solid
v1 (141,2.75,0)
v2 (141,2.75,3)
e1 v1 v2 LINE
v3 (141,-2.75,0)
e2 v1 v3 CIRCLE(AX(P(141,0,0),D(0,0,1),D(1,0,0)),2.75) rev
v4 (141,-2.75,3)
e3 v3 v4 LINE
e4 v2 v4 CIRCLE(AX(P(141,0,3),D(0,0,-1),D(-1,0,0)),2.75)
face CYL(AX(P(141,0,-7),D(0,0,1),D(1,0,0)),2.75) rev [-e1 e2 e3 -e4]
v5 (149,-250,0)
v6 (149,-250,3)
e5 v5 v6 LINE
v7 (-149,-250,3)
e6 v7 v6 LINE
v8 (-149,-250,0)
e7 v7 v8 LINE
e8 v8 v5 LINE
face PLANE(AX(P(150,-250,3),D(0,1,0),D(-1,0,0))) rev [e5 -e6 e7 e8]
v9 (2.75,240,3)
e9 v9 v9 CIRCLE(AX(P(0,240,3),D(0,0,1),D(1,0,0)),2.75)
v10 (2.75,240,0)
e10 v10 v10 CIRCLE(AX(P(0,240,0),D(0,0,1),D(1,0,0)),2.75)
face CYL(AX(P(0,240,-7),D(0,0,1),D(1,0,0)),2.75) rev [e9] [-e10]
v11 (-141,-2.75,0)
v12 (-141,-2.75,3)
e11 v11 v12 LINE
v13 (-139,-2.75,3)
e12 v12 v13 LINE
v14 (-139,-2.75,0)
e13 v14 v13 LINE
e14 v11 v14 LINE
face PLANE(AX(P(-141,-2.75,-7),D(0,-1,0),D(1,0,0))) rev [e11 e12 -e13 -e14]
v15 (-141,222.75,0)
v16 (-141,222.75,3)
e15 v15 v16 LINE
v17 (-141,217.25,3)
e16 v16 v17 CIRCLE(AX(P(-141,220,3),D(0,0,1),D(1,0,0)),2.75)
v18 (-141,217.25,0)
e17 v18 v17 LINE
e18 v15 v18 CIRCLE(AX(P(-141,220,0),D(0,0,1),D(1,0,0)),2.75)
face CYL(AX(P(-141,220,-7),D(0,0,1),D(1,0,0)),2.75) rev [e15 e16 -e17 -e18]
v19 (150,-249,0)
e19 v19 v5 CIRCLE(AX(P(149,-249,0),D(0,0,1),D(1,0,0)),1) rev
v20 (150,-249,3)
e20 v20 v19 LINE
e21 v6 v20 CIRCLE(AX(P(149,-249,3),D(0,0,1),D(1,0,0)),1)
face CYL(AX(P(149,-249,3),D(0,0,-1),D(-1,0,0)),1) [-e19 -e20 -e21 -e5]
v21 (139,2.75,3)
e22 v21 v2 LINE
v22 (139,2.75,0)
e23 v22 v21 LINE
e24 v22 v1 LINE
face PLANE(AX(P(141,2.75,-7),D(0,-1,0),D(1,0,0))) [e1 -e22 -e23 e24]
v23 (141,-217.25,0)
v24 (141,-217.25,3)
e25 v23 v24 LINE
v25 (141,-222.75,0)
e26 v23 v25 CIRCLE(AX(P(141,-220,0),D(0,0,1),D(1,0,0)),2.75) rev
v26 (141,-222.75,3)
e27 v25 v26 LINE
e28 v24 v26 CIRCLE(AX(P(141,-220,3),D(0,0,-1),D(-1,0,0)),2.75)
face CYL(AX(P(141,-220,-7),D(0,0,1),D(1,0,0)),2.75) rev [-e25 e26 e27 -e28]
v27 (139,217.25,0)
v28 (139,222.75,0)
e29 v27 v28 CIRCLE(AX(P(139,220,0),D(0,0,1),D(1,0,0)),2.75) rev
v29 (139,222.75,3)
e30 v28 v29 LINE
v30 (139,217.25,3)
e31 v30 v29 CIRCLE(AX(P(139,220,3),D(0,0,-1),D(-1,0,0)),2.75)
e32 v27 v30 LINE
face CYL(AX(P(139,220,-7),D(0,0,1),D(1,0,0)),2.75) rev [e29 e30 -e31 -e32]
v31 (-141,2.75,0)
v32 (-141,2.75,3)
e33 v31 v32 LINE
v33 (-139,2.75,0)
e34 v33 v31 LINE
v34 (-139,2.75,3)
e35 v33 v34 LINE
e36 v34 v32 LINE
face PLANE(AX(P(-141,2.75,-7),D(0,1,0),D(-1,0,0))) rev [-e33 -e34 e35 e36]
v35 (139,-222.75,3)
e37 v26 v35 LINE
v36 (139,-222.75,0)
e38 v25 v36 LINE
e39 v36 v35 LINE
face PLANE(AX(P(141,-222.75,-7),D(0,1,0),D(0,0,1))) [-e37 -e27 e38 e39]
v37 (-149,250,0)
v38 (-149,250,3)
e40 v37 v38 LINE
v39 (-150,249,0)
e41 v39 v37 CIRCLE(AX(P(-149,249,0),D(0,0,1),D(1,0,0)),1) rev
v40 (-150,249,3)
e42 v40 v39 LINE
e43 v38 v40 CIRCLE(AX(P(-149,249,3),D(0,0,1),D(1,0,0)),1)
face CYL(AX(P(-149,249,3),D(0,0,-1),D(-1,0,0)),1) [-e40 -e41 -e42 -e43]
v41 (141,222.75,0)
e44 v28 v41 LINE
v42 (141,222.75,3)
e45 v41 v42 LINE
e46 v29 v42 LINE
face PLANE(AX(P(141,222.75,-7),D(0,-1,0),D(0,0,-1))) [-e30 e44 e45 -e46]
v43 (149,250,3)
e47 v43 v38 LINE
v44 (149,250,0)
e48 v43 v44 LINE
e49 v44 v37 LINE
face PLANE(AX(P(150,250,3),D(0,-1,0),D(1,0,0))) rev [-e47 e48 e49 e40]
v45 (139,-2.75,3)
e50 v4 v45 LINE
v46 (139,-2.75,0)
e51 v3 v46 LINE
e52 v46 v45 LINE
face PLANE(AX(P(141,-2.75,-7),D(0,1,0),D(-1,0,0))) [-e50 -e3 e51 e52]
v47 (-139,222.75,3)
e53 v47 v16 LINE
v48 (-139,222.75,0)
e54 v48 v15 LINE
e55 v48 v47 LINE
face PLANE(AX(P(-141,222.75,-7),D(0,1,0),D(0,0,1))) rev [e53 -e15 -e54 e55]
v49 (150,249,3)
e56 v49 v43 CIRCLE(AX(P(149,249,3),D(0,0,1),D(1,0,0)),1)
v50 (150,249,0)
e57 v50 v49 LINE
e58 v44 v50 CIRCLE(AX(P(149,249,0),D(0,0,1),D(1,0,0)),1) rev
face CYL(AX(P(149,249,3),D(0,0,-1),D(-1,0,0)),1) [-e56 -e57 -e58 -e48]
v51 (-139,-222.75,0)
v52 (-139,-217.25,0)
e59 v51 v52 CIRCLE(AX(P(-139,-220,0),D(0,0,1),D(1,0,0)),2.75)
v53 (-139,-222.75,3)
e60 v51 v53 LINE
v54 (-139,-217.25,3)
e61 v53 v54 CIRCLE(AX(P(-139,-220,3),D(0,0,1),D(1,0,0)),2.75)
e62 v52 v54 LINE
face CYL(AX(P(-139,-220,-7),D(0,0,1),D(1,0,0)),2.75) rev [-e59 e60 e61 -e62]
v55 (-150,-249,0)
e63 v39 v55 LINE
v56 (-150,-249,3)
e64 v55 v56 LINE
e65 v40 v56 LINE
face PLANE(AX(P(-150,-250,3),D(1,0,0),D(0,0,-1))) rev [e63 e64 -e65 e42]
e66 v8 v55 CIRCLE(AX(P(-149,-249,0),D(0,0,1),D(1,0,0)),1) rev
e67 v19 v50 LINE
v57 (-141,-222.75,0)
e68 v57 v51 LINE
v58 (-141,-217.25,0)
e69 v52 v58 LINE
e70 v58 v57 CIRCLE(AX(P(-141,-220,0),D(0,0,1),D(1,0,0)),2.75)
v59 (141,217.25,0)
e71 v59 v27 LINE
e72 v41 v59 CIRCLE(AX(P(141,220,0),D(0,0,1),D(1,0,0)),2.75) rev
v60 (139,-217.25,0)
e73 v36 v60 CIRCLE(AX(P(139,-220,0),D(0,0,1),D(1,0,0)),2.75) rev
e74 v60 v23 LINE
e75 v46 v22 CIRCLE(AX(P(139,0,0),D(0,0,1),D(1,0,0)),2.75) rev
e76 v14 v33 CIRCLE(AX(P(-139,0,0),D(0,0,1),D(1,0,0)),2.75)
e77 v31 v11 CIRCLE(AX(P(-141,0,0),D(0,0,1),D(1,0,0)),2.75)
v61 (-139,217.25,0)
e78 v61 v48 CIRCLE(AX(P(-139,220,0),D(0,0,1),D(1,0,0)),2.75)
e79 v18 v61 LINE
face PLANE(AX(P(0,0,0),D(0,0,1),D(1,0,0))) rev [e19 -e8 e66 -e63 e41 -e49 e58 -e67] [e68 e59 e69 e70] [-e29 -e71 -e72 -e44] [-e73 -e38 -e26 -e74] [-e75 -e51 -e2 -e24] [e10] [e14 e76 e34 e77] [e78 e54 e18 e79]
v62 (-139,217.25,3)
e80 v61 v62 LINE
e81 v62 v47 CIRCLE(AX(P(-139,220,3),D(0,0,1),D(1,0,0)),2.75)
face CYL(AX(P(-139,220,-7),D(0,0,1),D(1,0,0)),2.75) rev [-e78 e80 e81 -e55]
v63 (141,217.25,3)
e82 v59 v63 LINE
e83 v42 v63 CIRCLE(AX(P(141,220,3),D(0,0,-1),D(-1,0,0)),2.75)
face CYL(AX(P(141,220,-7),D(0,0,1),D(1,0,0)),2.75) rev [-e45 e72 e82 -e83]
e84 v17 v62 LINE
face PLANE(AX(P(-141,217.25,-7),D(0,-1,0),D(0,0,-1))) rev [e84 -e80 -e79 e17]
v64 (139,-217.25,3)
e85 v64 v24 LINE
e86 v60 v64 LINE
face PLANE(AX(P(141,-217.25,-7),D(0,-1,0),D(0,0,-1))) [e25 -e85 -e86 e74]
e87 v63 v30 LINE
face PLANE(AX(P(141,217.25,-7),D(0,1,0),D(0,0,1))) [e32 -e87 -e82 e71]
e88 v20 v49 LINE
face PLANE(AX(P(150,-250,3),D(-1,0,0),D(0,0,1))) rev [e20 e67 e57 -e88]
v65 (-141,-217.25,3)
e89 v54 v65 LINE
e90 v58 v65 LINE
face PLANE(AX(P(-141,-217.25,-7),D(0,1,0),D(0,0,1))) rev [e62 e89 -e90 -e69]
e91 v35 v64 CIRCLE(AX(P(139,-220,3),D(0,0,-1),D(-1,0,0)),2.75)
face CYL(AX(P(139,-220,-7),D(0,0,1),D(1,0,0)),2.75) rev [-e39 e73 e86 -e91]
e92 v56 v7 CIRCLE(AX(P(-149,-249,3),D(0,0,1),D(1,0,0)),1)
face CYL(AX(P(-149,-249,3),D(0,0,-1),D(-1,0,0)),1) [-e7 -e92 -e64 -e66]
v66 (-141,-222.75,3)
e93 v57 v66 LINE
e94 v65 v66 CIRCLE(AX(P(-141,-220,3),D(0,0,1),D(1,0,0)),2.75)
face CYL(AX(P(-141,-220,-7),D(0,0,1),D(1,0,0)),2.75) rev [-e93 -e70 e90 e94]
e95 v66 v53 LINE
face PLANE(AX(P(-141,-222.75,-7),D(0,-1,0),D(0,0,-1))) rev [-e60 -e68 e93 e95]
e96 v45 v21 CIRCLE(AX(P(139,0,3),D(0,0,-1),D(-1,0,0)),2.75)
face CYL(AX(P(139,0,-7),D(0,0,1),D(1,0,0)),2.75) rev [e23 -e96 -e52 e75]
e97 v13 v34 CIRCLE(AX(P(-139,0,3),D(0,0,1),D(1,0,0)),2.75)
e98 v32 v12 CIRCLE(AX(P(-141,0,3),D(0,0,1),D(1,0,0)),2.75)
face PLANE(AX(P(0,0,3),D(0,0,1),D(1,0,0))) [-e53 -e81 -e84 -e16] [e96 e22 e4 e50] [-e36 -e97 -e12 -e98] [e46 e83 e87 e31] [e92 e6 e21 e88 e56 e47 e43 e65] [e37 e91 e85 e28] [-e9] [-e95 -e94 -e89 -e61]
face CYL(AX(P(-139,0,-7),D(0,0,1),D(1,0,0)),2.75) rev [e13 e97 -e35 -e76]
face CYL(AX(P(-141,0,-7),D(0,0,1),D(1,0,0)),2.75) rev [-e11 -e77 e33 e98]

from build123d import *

# Parameters (mm, degrees)
SKETCH1_W           = 300
SKETCH1_H           = 500
BOSS_EXTRUDE1_DEPTH = 3
SKETCH2_R           = 2.75
CUT_EXTRUDE1_DEPTH  = 10
FILLET1_R           = 1


with BuildPart() as part:
    # Sketch1 → Boss-Extrude1 (new body)
    with BuildSketch(Plane.XY):
        Rectangle(SKETCH1_W, SKETCH1_H)
    extrude(amount=BOSS_EXTRUDE1_DEPTH)

    # Sketch2 → Cut-Extrude1 (cut)
    with BuildSketch(Plane.XY.offset(3)):
        with Locations((0, 240)):
            Circle(SKETCH2_R)
        with BuildLine():
            Line((-141, -217.25), (-139, -217.25))
            ThreePointArc((-139, -217.25), (-136.25, -220), (-139, -222.75))
            Line((-139, -222.75), (-141, -222.75))
            ThreePointArc((-141, -222.75), (-143.75, -220), (-141, -217.25))
        make_face()
        with BuildLine():
            Line((-141, 222.75), (-139, 222.75))
            ThreePointArc((-139, 222.75), (-136.25, 220), (-139, 217.25))
            Line((-139, 217.25), (-141, 217.25))
            ThreePointArc((-141, 217.25), (-143.75, 220), (-141, 222.75))
        make_face()
        with BuildLine():
            Line((-141, 2.75), (-139, 2.75))
            ThreePointArc((-139, 2.75), (-136.25, 0), (-139, -2.75))
            Line((-139, -2.75), (-141, -2.75))
            ThreePointArc((-141, -2.75), (-143.75, 0), (-141, 2.75))
        make_face()
    cut_extrude1 = extrude(amount=-CUT_EXTRUDE1_DEPTH, mode=Mode.SUBTRACT)

    # Mirror1: Cut-Extrude1 across plane
    add(cut_extrude1.mirror(Plane(origin=(0, 0, 0), x_dir=(0, 0, 1), z_dir=(1, 0, 0))), mode=Mode.SUBTRACT)

    # Fillet1
    fillet1_edges = [part.edges().sort_by_distance(p)[0] for p in [
        (-150, 250, 1.5),
        (150, 250, 1.5),
        (150, -250, 1.5),
        (-150, -250, 1.5),
    ]]
    fillet(fillet1_edges, radius=FILLET1_R)


solid = part.part
